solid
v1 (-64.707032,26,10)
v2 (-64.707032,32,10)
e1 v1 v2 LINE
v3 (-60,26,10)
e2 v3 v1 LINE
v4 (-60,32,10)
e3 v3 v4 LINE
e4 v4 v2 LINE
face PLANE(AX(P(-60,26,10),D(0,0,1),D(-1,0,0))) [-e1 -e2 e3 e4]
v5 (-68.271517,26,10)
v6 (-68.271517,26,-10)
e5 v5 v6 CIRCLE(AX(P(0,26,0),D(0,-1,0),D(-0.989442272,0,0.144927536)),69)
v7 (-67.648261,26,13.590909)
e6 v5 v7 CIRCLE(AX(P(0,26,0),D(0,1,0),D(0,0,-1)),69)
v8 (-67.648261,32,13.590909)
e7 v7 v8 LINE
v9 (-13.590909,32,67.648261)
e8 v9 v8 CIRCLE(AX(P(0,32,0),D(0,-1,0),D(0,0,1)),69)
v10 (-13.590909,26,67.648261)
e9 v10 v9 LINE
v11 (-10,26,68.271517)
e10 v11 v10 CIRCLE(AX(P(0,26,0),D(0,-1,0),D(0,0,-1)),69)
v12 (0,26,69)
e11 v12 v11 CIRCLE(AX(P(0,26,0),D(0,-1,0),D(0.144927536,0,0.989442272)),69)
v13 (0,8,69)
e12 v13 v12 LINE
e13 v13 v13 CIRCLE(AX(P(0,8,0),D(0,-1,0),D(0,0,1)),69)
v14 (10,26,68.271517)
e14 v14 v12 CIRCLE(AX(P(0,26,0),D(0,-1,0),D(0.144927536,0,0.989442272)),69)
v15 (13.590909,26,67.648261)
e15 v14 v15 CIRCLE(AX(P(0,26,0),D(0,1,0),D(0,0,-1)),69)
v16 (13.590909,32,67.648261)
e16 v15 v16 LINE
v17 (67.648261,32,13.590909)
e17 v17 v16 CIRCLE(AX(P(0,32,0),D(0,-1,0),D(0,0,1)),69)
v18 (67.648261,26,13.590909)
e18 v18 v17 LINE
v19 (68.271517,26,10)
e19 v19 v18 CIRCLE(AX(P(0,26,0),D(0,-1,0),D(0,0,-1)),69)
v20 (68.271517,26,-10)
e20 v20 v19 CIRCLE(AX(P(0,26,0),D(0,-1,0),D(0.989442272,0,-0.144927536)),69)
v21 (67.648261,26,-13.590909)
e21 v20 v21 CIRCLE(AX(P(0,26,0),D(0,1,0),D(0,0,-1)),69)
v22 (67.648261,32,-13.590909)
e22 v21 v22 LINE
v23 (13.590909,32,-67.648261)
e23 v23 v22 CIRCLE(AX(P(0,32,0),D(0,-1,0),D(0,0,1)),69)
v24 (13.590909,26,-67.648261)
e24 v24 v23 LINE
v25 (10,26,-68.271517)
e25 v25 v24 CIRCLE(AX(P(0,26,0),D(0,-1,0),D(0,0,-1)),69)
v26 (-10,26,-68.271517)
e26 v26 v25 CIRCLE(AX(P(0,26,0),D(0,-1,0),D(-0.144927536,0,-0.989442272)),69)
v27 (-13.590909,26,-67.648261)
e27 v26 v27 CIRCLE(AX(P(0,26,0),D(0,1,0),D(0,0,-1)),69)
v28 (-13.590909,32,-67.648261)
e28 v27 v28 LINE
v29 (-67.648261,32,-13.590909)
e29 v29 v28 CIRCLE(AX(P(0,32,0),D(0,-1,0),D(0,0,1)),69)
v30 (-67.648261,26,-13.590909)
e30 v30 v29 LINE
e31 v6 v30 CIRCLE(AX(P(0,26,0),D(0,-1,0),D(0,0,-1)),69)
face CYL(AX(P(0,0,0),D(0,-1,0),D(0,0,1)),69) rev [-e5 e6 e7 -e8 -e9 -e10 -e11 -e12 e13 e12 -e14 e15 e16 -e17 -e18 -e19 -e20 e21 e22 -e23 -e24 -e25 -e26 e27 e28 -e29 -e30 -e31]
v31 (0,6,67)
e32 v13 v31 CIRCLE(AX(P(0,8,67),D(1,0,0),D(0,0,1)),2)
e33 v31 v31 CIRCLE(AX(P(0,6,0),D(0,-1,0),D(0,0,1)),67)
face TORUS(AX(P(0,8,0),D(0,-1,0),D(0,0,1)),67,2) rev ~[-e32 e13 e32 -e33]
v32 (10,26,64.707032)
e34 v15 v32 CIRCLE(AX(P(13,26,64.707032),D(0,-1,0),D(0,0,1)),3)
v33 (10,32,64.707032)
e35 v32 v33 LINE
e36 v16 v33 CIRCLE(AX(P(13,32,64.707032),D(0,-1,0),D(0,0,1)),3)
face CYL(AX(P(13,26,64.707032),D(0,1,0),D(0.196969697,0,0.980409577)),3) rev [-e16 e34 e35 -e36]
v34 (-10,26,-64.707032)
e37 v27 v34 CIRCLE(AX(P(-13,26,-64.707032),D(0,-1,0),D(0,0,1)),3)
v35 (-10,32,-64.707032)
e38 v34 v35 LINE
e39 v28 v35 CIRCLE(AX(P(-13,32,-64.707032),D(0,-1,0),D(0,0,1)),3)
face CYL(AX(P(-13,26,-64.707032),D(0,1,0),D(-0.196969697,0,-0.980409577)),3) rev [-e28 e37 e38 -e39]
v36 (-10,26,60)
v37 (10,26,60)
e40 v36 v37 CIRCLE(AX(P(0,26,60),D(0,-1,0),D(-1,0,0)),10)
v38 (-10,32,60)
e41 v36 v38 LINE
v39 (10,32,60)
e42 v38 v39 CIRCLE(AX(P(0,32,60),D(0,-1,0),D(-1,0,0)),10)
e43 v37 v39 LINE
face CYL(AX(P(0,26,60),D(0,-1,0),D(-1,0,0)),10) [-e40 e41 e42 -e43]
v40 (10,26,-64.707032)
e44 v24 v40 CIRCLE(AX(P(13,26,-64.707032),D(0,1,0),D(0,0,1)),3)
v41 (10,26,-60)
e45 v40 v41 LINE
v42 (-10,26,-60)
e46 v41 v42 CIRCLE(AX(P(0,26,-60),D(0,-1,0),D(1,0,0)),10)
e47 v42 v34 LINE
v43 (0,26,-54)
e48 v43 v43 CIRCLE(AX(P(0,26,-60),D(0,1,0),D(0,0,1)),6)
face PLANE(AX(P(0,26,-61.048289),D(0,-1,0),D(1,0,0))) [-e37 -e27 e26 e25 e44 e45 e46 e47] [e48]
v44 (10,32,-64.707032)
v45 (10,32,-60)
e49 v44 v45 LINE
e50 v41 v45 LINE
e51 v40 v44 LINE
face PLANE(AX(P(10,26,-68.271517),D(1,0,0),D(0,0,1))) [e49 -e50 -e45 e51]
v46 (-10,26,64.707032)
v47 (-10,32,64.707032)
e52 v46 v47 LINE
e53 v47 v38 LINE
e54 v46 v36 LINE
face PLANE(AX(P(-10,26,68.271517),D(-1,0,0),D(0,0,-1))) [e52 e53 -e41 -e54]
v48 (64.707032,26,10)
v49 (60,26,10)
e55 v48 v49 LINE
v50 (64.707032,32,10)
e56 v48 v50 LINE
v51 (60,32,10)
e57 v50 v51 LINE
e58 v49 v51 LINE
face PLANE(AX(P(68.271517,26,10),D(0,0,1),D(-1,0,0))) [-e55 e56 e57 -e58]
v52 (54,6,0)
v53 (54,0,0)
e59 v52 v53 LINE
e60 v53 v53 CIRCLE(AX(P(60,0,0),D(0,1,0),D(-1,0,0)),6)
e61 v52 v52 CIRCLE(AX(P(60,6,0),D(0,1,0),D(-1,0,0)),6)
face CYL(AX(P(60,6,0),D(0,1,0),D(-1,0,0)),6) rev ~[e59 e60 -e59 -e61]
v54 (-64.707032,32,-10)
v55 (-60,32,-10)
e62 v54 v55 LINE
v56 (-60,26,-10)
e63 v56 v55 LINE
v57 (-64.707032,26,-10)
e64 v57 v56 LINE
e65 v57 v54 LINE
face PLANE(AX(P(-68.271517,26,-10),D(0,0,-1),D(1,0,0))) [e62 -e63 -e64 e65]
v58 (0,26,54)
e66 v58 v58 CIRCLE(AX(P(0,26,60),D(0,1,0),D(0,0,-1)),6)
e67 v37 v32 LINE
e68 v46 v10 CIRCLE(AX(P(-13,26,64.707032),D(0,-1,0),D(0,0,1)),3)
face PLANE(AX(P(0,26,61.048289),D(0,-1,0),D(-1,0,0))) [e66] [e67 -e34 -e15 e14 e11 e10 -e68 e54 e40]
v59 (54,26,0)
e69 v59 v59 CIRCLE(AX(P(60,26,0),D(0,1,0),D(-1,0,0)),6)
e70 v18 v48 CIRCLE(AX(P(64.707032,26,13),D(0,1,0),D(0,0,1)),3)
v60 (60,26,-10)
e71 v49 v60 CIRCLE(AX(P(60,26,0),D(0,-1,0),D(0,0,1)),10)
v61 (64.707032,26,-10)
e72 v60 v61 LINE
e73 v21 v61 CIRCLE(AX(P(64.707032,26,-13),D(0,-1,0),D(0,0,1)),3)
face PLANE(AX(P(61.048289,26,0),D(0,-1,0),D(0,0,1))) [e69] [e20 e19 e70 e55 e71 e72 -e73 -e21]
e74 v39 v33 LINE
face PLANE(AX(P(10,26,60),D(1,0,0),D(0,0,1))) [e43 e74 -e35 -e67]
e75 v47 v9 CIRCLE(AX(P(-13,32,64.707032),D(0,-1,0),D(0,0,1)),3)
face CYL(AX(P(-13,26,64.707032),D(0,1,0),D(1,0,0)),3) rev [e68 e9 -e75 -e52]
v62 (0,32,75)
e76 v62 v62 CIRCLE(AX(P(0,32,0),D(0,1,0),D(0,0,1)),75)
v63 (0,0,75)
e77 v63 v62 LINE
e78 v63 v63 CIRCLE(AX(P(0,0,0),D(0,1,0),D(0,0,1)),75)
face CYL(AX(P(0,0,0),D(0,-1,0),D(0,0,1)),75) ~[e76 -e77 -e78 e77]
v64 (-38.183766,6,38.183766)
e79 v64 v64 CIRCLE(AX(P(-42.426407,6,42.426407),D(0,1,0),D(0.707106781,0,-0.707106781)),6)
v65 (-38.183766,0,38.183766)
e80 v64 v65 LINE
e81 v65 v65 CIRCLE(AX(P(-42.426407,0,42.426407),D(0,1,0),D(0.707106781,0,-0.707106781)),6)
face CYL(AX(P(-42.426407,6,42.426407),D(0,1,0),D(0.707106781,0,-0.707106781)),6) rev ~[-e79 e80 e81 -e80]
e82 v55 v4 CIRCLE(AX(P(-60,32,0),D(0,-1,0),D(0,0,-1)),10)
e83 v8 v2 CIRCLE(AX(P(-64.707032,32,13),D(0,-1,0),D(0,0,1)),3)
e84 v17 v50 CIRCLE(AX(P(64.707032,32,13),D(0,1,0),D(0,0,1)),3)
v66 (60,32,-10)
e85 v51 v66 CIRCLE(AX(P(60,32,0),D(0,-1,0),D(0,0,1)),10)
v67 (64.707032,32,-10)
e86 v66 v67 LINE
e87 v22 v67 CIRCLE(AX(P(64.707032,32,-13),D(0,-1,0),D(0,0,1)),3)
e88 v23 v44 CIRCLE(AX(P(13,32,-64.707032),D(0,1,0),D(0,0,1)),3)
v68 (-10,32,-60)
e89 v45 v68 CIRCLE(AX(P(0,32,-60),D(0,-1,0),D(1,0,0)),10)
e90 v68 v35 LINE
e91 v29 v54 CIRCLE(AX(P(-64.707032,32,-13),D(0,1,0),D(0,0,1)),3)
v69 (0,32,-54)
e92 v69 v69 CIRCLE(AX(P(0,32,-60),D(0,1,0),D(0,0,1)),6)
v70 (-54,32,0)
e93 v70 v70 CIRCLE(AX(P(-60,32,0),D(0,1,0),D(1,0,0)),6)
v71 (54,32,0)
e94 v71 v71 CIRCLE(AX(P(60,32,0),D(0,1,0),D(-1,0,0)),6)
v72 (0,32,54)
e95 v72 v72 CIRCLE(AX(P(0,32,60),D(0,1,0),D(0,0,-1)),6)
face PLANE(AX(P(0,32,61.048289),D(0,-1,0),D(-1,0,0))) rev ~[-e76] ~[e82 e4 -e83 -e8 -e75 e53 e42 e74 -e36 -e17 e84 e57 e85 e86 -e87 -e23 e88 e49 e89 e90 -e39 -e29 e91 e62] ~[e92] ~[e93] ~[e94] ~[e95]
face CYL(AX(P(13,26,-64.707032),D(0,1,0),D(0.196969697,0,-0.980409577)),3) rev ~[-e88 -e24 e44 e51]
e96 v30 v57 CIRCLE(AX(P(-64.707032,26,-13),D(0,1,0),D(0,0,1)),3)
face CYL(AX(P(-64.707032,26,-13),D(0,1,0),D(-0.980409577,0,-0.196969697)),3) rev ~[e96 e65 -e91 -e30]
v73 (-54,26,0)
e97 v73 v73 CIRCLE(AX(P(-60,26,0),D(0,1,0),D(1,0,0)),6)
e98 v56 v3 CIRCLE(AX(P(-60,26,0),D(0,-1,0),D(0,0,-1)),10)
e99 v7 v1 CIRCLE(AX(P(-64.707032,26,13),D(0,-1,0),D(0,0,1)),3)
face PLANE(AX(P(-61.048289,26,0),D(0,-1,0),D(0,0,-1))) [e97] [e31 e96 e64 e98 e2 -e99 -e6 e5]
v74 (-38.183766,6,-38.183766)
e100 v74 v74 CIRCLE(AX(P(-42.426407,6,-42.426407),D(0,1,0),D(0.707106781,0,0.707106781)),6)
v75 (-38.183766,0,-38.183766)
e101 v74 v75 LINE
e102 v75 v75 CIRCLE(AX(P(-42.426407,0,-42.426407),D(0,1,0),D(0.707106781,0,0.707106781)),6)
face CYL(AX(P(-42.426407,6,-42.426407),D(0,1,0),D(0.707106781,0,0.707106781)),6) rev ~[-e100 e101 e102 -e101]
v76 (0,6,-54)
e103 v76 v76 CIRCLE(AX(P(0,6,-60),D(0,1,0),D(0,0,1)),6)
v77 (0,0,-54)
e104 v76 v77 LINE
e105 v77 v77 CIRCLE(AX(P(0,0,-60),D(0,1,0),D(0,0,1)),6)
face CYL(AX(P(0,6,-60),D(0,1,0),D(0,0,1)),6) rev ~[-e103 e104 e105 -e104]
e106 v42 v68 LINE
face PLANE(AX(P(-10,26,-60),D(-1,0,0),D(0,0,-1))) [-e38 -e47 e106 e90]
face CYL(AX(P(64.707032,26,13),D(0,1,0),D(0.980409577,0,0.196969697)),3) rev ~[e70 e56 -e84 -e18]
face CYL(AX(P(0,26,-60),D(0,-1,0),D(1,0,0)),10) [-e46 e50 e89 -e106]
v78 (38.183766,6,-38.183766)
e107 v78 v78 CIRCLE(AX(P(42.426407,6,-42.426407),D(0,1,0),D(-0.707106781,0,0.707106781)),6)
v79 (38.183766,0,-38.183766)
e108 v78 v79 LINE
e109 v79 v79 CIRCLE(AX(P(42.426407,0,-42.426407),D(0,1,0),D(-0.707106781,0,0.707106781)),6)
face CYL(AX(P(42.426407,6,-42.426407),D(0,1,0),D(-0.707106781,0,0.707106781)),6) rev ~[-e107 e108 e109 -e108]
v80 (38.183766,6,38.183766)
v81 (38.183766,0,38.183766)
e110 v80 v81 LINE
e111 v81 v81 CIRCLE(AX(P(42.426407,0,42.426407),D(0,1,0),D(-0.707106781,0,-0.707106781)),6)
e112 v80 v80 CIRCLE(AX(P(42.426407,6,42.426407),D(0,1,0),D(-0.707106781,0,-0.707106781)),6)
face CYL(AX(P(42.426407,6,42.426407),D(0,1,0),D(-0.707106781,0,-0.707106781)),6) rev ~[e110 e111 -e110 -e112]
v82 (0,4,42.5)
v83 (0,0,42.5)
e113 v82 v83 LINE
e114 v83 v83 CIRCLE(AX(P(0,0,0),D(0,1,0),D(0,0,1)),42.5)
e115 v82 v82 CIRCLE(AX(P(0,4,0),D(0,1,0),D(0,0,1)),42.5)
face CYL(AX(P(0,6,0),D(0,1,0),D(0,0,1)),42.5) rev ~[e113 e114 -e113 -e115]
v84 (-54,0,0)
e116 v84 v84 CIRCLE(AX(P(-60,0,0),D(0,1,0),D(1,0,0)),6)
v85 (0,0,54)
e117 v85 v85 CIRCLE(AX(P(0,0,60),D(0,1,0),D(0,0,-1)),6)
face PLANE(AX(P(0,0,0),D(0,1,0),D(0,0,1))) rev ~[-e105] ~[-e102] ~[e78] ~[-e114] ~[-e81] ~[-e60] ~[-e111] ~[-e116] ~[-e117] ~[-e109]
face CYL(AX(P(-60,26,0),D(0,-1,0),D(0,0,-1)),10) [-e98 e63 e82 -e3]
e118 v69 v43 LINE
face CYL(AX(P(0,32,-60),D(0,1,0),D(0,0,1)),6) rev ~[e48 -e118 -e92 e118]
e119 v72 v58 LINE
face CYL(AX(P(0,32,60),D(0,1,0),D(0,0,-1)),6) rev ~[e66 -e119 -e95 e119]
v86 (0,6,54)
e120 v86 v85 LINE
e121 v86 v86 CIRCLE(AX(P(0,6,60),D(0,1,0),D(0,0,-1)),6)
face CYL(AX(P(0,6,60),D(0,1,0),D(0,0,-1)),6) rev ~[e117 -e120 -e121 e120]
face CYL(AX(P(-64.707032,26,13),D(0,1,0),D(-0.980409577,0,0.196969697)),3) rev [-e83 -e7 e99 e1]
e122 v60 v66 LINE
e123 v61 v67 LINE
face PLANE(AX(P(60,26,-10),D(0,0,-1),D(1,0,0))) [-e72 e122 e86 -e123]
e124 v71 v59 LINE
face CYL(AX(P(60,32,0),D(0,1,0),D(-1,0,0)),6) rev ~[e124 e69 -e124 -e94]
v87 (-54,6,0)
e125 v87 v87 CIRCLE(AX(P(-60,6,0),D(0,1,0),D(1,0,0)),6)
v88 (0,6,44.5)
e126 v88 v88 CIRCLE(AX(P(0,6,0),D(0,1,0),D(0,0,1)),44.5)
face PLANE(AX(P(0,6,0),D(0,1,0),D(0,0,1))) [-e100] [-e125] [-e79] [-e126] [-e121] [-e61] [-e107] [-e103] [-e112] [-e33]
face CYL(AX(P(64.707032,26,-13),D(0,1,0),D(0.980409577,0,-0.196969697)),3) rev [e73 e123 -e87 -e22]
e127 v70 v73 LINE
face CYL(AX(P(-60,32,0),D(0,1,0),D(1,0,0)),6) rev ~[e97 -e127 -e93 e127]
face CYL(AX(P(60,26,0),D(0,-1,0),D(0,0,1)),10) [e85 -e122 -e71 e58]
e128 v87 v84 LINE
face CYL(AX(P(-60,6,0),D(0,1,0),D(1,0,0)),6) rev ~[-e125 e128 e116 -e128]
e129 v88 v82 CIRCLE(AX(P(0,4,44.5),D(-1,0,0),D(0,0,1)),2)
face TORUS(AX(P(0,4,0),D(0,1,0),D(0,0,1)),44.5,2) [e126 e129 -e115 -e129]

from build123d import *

# Parameters (mm, degrees)
SKETCH1_R                = 75
BASE_EXTRUDE_DEPTH       = 32
SHELL1_T                 = -6
SKETCH4_R                = 42.5
CUT_EXTRUDE2_DEPTH       = 110.206226929
BOSS_EXTRUDE1_START      = -6
BOSS_EXTRUDE1_DEPTH      = 6
CUT_EXTRUDE1_REACH       = 112.788
SKETCH3_R                = 6
FILLET1_R                = 3
CIRPATTERN1_COUNT        = 4
FILLET1_OF_CIRPATTERN1_R = 3
SKETCH5_R                = 6
CUT_EXTRUDE3_DEPTH       = 110.206226929
CIRPATTERN2_COUNT        = 8
FILLET2_R                = 2


with BuildPart() as part:
    # Sketch1 → Base-Extrude (new body)
    with BuildSketch(Plane(origin=(0, 0, 0), x_dir=(1, 0, 0), z_dir=(0, 1, 0))):
        with Locations(Location((0, 0, 0), (0, 0, 270))):
            Circle(SKETCH1_R)
    extrude(amount=BASE_EXTRUDE_DEPTH)

    # Shell1
    shell1_openings = [part.faces().sort_by_distance(p)[0] for p in [
        (0, 32, 0),
    ]]
    offset(amount=SHELL1_T, openings=shell1_openings, kind=Kind.INTERSECTION)

    # Sketch4 → Cut-Extrude2 (cut, through all)
    with BuildSketch(Plane(origin=(0, 6, 0), x_dir=(-1, 0, 0), z_dir=(0, 1, 0))):
        with Locations(Location((0, 0, 0), (0, 0, 90))):
            Circle(SKETCH4_R)
    extrude(amount=-CUT_EXTRUDE2_DEPTH, mode=Mode.SUBTRACT)

    # Sketch2 → Boss-Extrude1 (add)
    with BuildSketch(Plane(origin=(0, 32, 0), x_dir=(-1, 0, 0), z_dir=(0, 1, 0)).offset(BOSS_EXTRUDE1_START)):
        with BuildLine():
            Line((-10, -68.271516755), (-10, -60))
            ThreePointArc((-10, -60), (0, -50), (10, -60))
            Line((10, -60), (10, -68.271516755))
            ThreePointArc((10, -68.271516755), (0, -69), (-10, -68.271516755))
        make_face()
    boss_extrude1 = extrude(amount=BOSS_EXTRUDE1_DEPTH)

    # Sketch3 → Cut-Extrude1 (cut, up to next)
    with BuildSketch(Plane(origin=(0, 32, 0), x_dir=(-1, 0, 0), z_dir=(0, 1, 0)), mode=Mode.PRIVATE) as cut_extrude1_sk1:
        with Locations(Location((0, -60, 0), (0, 0, 90))):
            Circle(SKETCH3_R)
    cut_extrude1_tool1 = extrude(cut_extrude1_sk1.sketch, amount=-CUT_EXTRUDE1_REACH, mode=Mode.PRIVATE) & part.part
    cut_extrude1 = cut_extrude1_tool1.solids().sort_by_distance((0, 32, -60))[0]
    add(cut_extrude1, mode=Mode.SUBTRACT)

    # Fillet1
    fillet1_edges = [part.edges().sort_by_distance(p)[0] for p in [
        (-10, 29, -68.271516755),
        (10, 29, -68.271516755),
    ]]
    fillet(fillet1_edges, radius=FILLET1_R)

    # CirPattern1: Boss-Extrude1, Cut-Extrude1 ×4 about axis
    cirpattern1_axis = Axis((0, 0, 0), (0, 1, 0))
    add([boss_extrude1.rotate(cirpattern1_axis, i * 360 / CIRPATTERN1_COUNT) for i in range(1, CIRPATTERN1_COUNT)])
    add([cut_extrude1.rotate(cirpattern1_axis, i * 360 / CIRPATTERN1_COUNT) for i in range(1, CIRPATTERN1_COUNT)], mode=Mode.SUBTRACT)

    # Fillet1 of CirPattern1
    fillet1_of_cirpattern1_edges = [part.edges().sort_by_distance(p)[0] for p in [
        (-68.271516755, 29, 10),
        (-68.271516755, 29, -10),
        (10, 29, 68.271516755),
        (-10, 29, 68.271516755),
        (68.271516755, 29, -10),
        (68.271516755, 29, 10),
    ]]
    fillet(fillet1_of_cirpattern1_edges, radius=FILLET1_OF_CIRPATTERN1_R)

    # Sketch5 → Cut-Extrude3 (cut, through all)
    with BuildSketch(Plane(origin=(0, 6, 0), x_dir=(-1, 0, 0), z_dir=(0, 1, 0))):
        with Locations(Location((0, -60, 0), (0, 0, 90))):
            Circle(SKETCH5_R)
    cut_extrude3 = extrude(amount=-CUT_EXTRUDE3_DEPTH, mode=Mode.SUBTRACT)

    # CirPattern2: Cut-Extrude3 ×8 about axis
    cirpattern2_axis = Axis((0, 0, 0), (0, 1, 0))
    for i in range(1, CIRPATTERN2_COUNT):
        add(cut_extrude3.rotate(cirpattern2_axis, i * 360 / CIRPATTERN2_COUNT), mode=Mode.SUBTRACT)

    # Fillet2
    fillet2_edges = [part.edges().sort_by_distance(p)[0] for p in [
        (0, 6, -69),
        (0, 6, -42.5),
    ]]
    fillet(fillet2_edges, radius=FILLET2_R)


solid = part.part
